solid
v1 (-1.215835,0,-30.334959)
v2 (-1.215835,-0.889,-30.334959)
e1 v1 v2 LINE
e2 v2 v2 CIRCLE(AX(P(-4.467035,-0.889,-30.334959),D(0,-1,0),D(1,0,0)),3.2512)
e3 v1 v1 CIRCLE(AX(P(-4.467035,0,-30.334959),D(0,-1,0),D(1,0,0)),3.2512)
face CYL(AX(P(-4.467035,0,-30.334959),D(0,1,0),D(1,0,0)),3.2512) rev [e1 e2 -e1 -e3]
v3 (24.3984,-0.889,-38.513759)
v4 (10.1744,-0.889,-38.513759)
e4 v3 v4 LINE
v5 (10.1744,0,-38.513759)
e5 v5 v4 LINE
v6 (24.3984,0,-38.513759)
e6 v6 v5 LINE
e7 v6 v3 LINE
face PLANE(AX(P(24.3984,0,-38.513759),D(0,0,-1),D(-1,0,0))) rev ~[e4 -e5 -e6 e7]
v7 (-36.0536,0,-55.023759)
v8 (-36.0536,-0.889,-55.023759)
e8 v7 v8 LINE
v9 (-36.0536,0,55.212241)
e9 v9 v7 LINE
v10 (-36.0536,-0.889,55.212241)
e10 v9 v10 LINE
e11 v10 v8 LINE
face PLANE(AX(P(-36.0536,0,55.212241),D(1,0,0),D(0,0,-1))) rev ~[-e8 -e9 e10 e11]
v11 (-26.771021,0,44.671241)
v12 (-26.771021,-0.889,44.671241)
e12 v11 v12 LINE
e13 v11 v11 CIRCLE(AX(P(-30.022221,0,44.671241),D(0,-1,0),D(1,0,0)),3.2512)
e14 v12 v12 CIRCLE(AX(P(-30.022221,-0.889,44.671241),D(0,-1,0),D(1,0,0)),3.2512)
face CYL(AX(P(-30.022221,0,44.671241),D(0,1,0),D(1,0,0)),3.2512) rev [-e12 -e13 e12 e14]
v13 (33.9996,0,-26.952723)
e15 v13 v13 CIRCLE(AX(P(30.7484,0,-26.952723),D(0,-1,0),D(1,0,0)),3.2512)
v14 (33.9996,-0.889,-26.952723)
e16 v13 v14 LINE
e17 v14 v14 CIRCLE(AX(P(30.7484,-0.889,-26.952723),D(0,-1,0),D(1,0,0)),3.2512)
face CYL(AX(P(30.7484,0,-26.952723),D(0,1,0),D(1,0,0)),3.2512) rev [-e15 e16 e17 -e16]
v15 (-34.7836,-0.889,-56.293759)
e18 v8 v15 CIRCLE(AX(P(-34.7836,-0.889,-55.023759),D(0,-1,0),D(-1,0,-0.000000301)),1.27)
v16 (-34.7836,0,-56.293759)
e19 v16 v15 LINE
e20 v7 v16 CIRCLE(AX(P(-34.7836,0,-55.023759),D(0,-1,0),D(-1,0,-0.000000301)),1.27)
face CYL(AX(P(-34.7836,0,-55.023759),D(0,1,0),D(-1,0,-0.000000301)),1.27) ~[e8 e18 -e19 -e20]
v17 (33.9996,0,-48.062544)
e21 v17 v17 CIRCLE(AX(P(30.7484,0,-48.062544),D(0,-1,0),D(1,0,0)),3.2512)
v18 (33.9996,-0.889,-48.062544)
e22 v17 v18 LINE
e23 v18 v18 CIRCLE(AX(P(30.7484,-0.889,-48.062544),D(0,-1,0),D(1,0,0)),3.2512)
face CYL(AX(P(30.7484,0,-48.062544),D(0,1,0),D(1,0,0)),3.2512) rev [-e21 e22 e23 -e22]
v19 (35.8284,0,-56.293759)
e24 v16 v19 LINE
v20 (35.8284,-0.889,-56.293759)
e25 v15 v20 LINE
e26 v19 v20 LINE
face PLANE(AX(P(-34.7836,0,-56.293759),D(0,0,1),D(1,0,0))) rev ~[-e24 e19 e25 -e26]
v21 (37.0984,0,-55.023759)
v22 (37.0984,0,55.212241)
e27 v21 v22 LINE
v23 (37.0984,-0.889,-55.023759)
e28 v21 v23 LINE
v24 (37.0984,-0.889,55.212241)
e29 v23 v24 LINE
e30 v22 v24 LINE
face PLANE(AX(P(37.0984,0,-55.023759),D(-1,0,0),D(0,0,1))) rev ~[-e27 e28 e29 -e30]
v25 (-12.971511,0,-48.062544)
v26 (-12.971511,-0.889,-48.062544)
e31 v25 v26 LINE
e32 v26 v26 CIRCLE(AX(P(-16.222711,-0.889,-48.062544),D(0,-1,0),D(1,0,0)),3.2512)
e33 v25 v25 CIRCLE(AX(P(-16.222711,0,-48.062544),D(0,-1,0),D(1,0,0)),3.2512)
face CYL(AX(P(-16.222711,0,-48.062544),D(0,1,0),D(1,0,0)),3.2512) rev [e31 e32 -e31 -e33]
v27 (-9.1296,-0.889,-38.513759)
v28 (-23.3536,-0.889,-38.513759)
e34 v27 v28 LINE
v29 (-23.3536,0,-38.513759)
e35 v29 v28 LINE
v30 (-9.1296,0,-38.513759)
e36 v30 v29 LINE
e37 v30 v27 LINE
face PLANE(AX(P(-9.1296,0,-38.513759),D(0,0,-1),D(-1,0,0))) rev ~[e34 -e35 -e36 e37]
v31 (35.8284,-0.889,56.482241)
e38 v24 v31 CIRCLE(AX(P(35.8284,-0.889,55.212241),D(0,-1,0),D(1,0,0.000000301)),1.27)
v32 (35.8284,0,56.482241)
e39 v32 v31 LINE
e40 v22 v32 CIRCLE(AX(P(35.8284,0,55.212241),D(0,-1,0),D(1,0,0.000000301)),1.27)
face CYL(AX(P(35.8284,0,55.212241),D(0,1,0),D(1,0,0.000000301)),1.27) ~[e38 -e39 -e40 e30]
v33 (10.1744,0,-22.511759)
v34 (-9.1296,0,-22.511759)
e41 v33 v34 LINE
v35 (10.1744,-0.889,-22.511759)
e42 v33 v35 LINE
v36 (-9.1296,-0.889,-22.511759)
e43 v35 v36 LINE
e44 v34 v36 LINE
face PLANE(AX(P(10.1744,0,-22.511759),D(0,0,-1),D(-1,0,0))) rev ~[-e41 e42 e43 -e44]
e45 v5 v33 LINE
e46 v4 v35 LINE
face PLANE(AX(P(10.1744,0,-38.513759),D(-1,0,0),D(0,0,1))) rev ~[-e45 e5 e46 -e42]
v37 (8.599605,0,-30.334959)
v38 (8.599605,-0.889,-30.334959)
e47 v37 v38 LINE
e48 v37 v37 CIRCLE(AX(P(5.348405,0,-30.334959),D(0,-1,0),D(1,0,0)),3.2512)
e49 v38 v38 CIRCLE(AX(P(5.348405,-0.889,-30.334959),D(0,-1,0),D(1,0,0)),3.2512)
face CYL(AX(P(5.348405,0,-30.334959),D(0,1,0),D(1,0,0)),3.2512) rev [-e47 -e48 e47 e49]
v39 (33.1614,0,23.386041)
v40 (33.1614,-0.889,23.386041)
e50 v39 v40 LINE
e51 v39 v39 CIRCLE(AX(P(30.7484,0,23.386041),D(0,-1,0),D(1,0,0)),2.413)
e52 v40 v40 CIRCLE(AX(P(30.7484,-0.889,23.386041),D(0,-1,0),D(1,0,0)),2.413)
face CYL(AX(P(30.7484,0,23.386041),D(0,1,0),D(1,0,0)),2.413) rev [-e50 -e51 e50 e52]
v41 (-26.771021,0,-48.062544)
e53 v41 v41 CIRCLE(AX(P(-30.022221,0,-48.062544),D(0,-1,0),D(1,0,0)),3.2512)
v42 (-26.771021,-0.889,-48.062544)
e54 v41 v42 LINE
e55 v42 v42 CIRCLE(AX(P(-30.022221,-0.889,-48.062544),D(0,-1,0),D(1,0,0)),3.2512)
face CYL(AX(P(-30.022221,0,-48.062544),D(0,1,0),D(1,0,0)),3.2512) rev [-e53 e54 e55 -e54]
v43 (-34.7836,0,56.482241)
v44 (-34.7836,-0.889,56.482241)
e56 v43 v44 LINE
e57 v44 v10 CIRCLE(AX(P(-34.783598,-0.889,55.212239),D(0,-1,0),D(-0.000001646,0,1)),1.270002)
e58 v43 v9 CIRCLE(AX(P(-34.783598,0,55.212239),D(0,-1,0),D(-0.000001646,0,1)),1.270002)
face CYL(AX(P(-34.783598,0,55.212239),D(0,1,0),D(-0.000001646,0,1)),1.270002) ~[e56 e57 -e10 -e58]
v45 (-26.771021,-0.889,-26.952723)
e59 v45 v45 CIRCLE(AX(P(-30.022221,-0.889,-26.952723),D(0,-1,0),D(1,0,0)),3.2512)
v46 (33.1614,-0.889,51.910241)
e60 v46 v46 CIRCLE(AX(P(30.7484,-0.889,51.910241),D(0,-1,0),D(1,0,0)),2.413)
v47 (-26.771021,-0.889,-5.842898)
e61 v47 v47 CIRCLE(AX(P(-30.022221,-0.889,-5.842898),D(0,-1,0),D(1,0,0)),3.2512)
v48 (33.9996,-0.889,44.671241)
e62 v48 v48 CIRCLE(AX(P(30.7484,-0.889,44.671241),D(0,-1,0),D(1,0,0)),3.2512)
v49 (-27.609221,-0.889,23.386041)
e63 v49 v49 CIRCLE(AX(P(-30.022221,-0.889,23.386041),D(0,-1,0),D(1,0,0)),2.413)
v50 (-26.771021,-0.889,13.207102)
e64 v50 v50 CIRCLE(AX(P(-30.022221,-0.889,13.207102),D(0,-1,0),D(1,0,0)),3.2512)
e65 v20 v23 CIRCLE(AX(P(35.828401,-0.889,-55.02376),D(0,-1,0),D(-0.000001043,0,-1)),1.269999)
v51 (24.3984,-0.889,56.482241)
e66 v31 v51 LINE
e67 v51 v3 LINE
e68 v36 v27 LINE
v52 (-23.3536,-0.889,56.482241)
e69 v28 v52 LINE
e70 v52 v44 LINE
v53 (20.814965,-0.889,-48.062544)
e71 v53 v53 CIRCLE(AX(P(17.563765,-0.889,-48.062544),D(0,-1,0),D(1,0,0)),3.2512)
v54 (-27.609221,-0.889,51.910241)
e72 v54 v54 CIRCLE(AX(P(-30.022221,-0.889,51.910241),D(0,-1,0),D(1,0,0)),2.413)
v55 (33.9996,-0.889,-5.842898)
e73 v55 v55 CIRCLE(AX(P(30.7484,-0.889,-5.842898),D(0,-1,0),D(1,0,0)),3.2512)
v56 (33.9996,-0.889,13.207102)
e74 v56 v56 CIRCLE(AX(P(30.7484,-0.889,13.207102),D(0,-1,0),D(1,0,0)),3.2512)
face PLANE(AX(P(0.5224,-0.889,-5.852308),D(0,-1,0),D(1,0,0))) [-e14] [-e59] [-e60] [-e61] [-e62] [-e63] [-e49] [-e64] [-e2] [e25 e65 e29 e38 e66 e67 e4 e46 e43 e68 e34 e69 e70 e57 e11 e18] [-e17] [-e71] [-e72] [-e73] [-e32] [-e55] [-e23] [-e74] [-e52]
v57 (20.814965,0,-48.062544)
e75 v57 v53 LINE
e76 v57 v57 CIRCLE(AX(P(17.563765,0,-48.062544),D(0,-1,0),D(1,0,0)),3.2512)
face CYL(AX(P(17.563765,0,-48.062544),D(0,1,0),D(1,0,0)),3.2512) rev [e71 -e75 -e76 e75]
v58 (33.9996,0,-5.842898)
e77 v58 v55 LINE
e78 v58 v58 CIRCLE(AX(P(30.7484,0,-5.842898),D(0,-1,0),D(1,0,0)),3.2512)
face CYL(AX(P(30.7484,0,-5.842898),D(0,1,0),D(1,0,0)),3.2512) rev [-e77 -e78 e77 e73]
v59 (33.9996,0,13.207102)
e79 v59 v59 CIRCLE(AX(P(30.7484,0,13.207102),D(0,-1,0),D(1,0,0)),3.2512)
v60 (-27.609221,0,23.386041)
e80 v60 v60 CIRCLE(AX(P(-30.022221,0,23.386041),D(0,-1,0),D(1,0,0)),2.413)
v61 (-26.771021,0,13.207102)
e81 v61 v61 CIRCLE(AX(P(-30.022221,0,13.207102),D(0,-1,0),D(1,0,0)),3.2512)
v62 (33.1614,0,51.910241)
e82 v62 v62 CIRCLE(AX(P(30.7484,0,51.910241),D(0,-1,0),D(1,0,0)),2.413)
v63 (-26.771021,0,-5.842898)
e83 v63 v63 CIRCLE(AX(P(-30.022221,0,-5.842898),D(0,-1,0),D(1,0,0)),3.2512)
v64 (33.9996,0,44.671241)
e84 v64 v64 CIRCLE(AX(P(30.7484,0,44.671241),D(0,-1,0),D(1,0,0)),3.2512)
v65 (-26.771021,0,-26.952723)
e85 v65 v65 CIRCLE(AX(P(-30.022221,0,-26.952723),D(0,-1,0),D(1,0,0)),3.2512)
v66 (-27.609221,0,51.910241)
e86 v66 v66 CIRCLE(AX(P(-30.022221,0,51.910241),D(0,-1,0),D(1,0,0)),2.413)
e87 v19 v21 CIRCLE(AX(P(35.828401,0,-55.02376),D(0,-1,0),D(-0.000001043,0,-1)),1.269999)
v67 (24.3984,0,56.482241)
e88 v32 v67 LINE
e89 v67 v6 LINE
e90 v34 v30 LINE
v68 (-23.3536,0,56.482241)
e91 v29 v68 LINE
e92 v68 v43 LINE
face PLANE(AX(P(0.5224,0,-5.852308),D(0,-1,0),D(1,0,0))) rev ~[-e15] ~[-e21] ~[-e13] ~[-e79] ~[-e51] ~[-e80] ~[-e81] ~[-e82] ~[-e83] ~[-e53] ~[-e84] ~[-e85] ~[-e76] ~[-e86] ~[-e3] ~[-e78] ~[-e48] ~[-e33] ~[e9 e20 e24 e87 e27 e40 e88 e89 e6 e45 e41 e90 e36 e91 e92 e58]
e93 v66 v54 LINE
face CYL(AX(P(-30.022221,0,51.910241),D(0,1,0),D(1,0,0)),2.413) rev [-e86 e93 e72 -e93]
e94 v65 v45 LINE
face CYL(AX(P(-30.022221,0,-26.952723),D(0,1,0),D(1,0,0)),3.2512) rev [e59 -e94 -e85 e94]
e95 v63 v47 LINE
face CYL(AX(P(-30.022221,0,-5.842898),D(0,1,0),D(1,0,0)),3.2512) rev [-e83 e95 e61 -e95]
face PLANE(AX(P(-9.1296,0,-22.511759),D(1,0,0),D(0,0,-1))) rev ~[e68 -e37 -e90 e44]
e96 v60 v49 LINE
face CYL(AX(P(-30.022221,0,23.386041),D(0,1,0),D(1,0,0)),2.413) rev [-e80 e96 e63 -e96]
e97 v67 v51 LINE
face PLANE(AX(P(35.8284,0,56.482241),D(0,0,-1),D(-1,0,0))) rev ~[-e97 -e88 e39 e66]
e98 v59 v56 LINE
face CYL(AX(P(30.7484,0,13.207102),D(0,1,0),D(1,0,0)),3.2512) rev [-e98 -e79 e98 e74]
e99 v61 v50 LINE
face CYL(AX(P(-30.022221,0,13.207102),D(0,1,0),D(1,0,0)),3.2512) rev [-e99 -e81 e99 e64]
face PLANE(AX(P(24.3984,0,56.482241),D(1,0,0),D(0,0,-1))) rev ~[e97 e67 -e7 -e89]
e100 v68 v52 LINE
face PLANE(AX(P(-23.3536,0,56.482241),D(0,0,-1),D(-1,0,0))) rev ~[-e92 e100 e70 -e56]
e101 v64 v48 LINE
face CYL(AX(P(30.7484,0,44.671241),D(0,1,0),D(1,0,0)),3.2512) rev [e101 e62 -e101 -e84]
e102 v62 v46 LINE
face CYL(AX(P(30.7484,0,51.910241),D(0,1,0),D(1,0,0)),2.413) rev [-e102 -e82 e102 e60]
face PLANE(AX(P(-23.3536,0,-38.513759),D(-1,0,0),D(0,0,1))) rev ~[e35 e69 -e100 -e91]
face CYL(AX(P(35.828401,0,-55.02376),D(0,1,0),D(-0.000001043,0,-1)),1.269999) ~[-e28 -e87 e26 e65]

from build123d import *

# Parameters (mm, degrees)
F0_R     = 3.2512
F0_R_2   = 2.413
F1_DEPTH = 0.889


with BuildPart() as f1:
    # F0 (on Front) → F1 (new body)
    with BuildSketch(Plane.XZ):
        with BuildLine():
            ThreePointArc((-34.7836, 56.482241), (-35.681625, 56.110266), (-36.0536, 55.212241))
            Line((-36.0536, 55.212241), (-36.0536, -55.023759))
            ThreePointArc((-36.0536, -55.023759), (-35.681625, -55.921785), (-34.7836, -56.293759))
            Line((-34.7836, -56.293759), (35.8284, -56.293759))
            ThreePointArc((35.8284, -56.293759), (36.726426, -55.921785), (37.0984, -55.023759))
            Line((37.0984, -55.023759), (37.0984, 55.212241))
            ThreePointArc((37.0984, 55.212241), (36.726426, 56.110266), (35.8284, 56.482241))
            Line((35.8284, 56.482241), (24.3984, 56.482241))
            Line((24.3984, 56.482241), (24.3984, -38.513759))
            Line((24.3984, -38.513759), (10.1744, -38.513759))
            Line((10.1744, -38.513759), (10.1744, -22.511759))
            Line((10.1744, -22.511759), (-9.1296, -22.511759))
            Line((-9.1296, -22.511759), (-9.1296, -38.513759))
            Line((-9.1296, -38.513759), (-23.3536, -38.513759))
            Line((-23.3536, -38.513759), (-23.3536, 56.482241))
            Line((-23.3536, 56.482241), (-34.7836, 56.482241))
        make_face()
        with Locations((-30.022221, -48.062544)):
            Circle(F0_R, mode=Mode.SUBTRACT)
        with Locations((-16.222711, -48.062544)):
            Circle(F0_R, mode=Mode.SUBTRACT)
        with Locations((-4.467035, -30.334959)):
            Circle(F0_R, mode=Mode.SUBTRACT)
        with Locations((-30.022221, -26.952723)):
            Circle(F0_R, mode=Mode.SUBTRACT)
        with Locations((-30.022221, -5.842898)):
            Circle(F0_R, mode=Mode.SUBTRACT)
        with Locations((17.563765, -48.062544)):
            Circle(F0_R, mode=Mode.SUBTRACT)
        with Locations((5.348405, -30.334959)):
            Circle(F0_R, mode=Mode.SUBTRACT)
        with Locations((30.7484, -48.062544)):
            Circle(F0_R, mode=Mode.SUBTRACT)
        with Locations((30.7484, -26.952723)):
            Circle(F0_R, mode=Mode.SUBTRACT)
        with Locations((30.7484, -5.842898)):
            Circle(F0_R, mode=Mode.SUBTRACT)
        with Locations((-30.022221, 13.207102)):
            Circle(F0_R, mode=Mode.SUBTRACT)
        with Locations((-30.022221, 23.386041)):
            Circle(F0_R_2, mode=Mode.SUBTRACT)
        with Locations((-30.022221, 44.671241)):
            Circle(F0_R, mode=Mode.SUBTRACT)
        with Locations((-30.022221, 51.910241)):
            Circle(F0_R_2, mode=Mode.SUBTRACT)
        with Locations((30.7484, 13.207102)):
            Circle(F0_R, mode=Mode.SUBTRACT)
        with Locations((30.7484, 23.386041)):
            Circle(F0_R_2, mode=Mode.SUBTRACT)
        with Locations((30.7484, 44.671241)):
            Circle(F0_R, mode=Mode.SUBTRACT)
        with Locations((30.7484, 51.910241)):
            Circle(F0_R_2, mode=Mode.SUBTRACT)
    extrude(amount=F1_DEPTH)


solid = f1.part
